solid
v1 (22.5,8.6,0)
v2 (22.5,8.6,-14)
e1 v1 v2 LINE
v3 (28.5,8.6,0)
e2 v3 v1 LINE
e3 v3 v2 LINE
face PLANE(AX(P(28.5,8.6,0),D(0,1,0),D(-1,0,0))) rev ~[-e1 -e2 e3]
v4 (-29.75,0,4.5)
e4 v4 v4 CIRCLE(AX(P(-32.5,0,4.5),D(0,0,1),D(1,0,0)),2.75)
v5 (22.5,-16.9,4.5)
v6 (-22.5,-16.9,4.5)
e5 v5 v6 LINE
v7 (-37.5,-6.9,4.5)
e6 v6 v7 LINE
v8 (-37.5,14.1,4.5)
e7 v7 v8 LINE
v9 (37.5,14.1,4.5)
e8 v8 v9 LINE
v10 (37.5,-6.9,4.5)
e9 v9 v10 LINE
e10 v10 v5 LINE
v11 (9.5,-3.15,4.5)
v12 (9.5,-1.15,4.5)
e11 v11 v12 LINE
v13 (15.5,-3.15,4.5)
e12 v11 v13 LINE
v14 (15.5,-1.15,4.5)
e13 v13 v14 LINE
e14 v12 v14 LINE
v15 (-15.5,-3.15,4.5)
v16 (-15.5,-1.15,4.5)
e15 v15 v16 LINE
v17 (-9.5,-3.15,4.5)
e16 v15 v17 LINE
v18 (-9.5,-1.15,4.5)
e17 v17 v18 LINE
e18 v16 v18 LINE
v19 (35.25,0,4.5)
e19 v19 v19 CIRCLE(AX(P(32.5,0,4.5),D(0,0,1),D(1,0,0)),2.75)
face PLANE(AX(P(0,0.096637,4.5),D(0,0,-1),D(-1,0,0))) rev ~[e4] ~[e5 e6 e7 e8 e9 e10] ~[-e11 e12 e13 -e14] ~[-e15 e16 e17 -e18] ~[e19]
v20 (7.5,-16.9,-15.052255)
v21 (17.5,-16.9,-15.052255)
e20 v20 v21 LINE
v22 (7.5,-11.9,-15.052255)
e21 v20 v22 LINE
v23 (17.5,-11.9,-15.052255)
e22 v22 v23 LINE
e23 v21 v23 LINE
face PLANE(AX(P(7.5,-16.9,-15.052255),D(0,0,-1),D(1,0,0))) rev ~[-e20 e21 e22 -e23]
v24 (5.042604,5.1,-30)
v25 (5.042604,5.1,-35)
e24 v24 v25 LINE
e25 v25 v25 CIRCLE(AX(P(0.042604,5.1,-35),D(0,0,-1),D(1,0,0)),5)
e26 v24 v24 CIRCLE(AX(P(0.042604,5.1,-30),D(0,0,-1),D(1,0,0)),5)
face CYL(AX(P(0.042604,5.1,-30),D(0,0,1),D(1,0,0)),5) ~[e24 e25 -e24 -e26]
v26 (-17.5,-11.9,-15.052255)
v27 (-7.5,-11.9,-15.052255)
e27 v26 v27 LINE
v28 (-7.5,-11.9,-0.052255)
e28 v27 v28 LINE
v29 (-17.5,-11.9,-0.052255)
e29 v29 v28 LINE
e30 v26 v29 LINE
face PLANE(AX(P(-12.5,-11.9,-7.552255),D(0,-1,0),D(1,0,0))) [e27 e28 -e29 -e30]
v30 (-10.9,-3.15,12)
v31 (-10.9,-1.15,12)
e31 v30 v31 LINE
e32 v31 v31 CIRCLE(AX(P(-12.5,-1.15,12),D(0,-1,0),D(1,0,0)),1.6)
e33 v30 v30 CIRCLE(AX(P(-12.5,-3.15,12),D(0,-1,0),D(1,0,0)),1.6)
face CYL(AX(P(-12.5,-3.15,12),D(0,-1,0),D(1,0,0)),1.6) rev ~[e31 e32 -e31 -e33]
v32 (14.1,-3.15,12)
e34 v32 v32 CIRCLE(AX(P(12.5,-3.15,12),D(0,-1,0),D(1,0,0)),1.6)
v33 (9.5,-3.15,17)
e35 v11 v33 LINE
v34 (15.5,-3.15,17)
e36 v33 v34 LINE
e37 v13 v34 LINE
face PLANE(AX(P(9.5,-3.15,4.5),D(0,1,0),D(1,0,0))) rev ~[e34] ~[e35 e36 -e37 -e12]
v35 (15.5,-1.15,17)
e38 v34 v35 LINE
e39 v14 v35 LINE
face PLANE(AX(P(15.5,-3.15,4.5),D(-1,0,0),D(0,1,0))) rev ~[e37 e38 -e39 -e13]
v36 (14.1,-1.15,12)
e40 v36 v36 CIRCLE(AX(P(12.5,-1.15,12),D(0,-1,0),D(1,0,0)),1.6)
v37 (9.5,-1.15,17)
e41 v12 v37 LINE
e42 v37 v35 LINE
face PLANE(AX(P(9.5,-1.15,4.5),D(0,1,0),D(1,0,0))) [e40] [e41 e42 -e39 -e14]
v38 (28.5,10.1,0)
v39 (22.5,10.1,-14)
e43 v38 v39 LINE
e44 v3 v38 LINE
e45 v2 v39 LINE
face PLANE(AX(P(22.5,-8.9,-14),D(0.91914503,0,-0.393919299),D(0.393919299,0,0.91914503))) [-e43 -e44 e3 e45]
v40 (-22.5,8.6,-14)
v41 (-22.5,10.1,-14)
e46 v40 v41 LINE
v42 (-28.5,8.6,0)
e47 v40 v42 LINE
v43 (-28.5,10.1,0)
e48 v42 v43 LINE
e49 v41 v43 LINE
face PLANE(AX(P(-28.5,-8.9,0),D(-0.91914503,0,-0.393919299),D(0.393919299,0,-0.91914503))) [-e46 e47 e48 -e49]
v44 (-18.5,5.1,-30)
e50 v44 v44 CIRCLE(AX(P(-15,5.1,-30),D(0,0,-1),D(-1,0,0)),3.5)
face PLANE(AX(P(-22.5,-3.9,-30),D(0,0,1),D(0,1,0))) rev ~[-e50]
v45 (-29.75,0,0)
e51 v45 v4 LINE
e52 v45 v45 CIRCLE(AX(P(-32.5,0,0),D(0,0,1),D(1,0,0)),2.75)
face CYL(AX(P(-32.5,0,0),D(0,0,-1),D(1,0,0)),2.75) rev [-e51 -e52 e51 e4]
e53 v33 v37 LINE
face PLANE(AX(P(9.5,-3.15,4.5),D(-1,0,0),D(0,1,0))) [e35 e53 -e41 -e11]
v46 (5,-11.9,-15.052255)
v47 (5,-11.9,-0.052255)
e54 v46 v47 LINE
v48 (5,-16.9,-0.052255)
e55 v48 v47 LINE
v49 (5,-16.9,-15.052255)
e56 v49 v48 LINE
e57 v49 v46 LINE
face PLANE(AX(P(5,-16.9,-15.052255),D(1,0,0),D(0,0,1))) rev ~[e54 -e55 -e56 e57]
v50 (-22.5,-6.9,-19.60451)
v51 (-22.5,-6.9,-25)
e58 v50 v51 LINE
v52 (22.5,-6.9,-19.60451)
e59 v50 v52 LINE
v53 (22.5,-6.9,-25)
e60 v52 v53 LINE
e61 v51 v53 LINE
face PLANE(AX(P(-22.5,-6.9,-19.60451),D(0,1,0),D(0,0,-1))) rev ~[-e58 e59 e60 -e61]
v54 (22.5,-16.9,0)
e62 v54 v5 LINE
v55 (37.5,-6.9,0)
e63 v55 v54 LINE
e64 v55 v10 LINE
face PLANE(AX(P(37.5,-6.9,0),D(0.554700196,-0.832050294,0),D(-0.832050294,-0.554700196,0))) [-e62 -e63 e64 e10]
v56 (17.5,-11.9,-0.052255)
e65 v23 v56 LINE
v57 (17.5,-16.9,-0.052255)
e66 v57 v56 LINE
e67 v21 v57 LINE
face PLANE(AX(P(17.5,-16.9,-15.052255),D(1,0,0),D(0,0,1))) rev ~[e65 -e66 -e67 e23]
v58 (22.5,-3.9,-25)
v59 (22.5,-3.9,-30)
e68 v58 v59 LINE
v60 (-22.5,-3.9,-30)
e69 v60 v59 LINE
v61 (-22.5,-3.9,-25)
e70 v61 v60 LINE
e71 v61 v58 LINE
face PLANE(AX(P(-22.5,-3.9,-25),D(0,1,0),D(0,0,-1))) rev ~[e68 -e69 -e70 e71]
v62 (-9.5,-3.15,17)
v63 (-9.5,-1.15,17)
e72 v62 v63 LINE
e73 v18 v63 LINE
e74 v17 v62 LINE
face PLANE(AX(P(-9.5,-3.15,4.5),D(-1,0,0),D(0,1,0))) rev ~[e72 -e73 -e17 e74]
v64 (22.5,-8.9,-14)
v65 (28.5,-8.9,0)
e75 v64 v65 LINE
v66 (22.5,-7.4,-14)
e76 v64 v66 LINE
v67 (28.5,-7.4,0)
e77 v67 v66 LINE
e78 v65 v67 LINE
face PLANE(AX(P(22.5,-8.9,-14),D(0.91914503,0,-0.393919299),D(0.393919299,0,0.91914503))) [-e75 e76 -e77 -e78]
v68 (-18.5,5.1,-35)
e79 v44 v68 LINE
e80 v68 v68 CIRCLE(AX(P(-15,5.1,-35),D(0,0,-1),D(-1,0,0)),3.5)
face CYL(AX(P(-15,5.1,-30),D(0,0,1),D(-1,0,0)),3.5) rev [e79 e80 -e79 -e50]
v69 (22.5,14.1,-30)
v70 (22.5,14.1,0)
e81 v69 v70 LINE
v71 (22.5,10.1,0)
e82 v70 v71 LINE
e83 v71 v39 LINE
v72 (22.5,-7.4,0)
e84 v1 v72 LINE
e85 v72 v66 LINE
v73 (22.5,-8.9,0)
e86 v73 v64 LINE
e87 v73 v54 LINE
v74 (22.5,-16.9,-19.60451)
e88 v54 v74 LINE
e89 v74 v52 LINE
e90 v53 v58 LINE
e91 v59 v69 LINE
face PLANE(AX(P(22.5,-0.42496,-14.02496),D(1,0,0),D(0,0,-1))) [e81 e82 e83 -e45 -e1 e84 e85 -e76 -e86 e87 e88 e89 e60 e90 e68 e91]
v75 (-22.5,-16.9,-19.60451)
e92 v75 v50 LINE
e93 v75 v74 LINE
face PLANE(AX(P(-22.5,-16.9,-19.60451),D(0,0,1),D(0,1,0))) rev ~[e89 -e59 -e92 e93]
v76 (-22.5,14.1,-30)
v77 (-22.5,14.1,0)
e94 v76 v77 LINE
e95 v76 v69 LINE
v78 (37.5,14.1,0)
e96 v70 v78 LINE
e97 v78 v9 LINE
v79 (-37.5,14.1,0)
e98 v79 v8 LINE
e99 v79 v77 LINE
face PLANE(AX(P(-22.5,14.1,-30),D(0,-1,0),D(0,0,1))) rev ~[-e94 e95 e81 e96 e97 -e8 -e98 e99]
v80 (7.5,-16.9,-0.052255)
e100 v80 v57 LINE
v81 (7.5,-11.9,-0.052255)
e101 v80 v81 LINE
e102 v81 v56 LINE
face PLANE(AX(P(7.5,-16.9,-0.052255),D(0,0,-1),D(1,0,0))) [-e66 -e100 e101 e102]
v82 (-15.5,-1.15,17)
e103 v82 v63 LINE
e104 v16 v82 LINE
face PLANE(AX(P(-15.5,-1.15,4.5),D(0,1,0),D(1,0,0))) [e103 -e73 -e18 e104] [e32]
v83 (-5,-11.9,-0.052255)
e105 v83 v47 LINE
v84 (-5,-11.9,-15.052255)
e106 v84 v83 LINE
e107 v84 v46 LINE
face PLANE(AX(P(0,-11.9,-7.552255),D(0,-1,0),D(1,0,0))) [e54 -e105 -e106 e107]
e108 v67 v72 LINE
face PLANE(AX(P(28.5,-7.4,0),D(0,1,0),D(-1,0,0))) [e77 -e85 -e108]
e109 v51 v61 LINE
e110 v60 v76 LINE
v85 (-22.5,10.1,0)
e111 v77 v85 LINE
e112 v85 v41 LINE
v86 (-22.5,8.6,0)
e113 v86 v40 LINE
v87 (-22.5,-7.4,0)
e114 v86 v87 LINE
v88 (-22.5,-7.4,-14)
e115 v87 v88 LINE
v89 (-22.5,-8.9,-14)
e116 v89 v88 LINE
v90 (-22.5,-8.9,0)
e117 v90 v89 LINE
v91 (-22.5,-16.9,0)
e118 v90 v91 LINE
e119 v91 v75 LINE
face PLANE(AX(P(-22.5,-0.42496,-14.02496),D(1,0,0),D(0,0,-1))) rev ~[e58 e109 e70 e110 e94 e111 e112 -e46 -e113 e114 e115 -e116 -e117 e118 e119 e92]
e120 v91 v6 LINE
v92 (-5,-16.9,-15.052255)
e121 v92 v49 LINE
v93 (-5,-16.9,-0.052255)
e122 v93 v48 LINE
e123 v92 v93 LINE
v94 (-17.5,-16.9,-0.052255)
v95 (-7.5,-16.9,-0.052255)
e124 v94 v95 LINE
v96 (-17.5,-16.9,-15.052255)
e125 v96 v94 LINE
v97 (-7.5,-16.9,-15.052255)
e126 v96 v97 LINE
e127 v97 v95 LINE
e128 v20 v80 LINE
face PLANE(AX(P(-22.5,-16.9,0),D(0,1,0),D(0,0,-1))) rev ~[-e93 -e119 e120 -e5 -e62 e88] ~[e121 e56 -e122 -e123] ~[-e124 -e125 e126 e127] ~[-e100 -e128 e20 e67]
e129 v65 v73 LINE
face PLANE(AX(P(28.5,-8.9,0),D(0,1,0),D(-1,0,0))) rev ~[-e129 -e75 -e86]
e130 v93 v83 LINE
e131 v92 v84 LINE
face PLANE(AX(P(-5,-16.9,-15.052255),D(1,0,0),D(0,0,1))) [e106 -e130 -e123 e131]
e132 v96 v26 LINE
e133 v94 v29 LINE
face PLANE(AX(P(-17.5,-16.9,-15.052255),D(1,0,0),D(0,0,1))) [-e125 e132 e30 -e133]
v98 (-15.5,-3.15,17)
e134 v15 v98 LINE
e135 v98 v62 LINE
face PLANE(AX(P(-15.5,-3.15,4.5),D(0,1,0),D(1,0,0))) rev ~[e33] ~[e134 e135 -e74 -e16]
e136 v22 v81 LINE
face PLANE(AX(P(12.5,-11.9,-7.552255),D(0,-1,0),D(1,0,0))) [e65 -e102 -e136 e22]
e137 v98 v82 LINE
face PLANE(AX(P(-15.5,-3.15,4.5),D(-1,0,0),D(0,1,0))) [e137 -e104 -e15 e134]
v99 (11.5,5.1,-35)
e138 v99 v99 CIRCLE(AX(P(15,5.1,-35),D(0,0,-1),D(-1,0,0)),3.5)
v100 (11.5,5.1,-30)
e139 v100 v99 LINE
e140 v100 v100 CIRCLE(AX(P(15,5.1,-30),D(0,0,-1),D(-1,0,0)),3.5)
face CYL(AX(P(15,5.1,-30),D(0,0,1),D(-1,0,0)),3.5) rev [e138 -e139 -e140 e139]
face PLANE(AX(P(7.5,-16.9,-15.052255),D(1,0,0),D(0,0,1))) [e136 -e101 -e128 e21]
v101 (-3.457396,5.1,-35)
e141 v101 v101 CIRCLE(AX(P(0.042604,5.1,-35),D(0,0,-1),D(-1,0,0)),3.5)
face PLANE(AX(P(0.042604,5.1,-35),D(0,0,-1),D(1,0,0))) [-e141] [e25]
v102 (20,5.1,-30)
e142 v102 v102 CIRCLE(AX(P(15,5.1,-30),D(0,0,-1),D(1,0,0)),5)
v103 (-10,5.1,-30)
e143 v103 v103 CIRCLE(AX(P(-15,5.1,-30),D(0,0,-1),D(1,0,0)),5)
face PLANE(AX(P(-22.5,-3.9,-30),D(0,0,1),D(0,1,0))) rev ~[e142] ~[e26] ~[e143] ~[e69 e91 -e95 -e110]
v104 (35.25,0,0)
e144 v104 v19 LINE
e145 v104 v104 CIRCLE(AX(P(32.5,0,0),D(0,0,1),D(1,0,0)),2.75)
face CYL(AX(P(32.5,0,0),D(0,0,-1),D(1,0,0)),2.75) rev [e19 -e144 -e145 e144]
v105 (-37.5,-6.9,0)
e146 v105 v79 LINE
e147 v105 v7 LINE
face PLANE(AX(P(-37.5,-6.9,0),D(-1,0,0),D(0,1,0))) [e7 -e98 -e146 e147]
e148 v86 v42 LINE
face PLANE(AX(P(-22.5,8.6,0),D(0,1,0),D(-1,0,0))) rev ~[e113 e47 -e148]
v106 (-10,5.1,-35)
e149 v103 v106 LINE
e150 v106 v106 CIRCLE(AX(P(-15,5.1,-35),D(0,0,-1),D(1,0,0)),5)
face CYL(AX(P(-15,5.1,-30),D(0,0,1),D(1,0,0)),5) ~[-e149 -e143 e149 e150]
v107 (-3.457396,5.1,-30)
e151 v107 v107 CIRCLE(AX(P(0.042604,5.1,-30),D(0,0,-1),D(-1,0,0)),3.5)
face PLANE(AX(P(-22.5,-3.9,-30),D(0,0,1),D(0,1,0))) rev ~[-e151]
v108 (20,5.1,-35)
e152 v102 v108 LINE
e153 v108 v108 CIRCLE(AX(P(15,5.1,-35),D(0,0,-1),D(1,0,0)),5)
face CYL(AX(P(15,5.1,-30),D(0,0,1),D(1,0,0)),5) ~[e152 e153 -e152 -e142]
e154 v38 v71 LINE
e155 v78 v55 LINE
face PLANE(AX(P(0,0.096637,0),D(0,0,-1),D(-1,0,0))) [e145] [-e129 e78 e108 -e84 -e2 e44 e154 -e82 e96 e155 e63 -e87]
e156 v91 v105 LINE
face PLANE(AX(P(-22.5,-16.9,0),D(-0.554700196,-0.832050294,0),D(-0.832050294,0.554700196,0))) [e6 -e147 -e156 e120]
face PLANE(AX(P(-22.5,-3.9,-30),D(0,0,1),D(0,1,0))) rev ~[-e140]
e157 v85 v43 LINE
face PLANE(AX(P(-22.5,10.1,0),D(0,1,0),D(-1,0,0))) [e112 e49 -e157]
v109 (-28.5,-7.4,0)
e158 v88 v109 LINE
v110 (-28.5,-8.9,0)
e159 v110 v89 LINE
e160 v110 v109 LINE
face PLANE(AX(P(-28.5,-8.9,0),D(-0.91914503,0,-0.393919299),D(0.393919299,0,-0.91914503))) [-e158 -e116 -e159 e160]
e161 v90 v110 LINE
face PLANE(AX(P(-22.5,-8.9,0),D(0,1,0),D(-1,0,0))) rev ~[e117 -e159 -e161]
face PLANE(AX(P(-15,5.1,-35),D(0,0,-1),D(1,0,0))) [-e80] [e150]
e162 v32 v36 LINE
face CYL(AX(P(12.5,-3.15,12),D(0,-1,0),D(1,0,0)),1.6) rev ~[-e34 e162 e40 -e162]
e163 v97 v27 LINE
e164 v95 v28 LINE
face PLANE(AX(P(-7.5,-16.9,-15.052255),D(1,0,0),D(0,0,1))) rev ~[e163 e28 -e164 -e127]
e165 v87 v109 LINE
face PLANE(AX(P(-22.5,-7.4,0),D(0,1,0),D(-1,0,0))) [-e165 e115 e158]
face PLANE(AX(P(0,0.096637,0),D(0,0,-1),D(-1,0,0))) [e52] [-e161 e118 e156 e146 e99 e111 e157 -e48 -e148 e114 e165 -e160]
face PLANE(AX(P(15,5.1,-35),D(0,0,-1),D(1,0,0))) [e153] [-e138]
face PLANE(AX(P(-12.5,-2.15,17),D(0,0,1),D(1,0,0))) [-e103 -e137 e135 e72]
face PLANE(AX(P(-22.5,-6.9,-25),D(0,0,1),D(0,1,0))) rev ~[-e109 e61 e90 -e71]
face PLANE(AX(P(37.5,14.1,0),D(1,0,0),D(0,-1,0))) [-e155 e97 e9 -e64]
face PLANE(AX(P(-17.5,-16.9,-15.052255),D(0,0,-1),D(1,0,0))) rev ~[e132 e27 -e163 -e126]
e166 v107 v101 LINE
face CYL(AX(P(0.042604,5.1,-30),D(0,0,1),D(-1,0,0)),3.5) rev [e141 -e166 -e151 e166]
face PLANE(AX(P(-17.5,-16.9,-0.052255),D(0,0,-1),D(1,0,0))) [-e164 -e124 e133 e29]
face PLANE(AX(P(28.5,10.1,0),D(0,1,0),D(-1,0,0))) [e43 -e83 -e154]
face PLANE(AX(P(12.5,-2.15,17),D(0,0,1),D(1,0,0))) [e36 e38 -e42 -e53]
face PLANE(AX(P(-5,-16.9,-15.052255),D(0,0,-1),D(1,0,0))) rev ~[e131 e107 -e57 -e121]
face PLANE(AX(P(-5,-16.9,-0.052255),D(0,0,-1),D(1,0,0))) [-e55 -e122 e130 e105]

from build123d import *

# Parameters (mm, degrees)
SKETCH_1_R           = 2.75
EXTRUDE_1_DEPTH      = 4.5
EXTRUDE_2_DEPTH      = 22.5
EXTRUDE_2_DEPTH_BACK = 22.5
SKETCH_3_R           = 5
SKETCH_3_R_2         = 3.5
EXTRUDE_3_DEPTH      = 5
SKETCH_4_W           = 10
SKETCH_4_H           = 15
CUT_EXTRUDE_1_DEPTH  = 5
SKETCH_5_W           = 6
SKETCH_5_H           = 2
EXTRUDE_4_DEPTH      = 12.5
SKETCH_6_W           = 6
SKETCH_6_H           = 1.5
EXTRUDE_5_DEPTH      = 14
CUT_EXTRUDE_2_DEPTH  = 20
SKETCH_8_R           = 1.6
CUT_EXTRUDE_3_DEPTH  = 10


with BuildPart() as part:
    # Эскиз1 → Вытянуть1 (new body)
    with BuildSketch(Plane.XY):
        Polygon((-22.5, -16.9), (-37.5, -6.9), (-37.5, 14.1), (37.5, 14.1), (37.5, -6.9), (22.5, -16.9), align=None)
        with Locations((-32.5, 0)):
            Circle(SKETCH_1_R, mode=Mode.SUBTRACT)
        with Locations((32.5, 0)):
            Circle(SKETCH_1_R, mode=Mode.SUBTRACT)
    extrude(amount=EXTRUDE_1_DEPTH)

    # Эскиз2 → Вытянуть2 (add, two sides: drawn at the far end of the back side and taken through both)
    with BuildSketch(Plane(origin=(0, 0, 0), x_dir=(0, 0, -1), z_dir=(1, 0, 0)).offset(-EXTRUDE_2_DEPTH_BACK)):
        Polygon((0, -16.9), (19.60451018, -16.9), (19.60451018, -6.9), (25, -6.9), (25, -3.9), (30, -3.9), (30, 14.1), (0, 14.1), align=None)
    extrude(amount=EXTRUDE_2_DEPTH + EXTRUDE_2_DEPTH_BACK)

    # Эскиз3 → Вытянуть3 (add)
    # profile 1 of 3: a face of its own
    with BuildSketch(Plane(origin=(0, 0, -30), x_dir=(-1, 0, 0), z_dir=(0, 0, -1))):
        with Locations(Location((-15, 5.1, 0), (0, 0, 180))):
            Circle(SKETCH_3_R)
        with Locations((-15, 5.1)):
            Circle(SKETCH_3_R_2, mode=Mode.SUBTRACT)
    # profile 2 of 3: a face of its own
    with BuildSketch(Plane(origin=(0, 0, -30), x_dir=(-1, 0, 0), z_dir=(0, 0, -1))):
        with Locations(Location((15, 5.1, 0), (0, 0, 180))):
            Circle(SKETCH_3_R)
        with Locations((15, 5.1)):
            Circle(SKETCH_3_R_2, mode=Mode.SUBTRACT)
    # profile 3 of 3: a face of its own
    with BuildSketch(Plane(origin=(0, 0, -30), x_dir=(-1, 0, 0), z_dir=(0, 0, -1))):
        with Locations(Location((-0.042603982, 5.1, 0), (0, 0, 180))):
            Circle(SKETCH_3_R)
        with Locations((-0.042603982, 5.1)):
            Circle(SKETCH_3_R_2, mode=Mode.SUBTRACT)
    extrude(amount=EXTRUDE_3_DEPTH)

    # Эскиз4 → Вырез-Вытянуть1 (cut)
    with BuildSketch(Plane.XZ.offset(16.9)):
        with Locations((0, -7.55225509)):
            Rectangle(SKETCH_4_W, SKETCH_4_H)
        with Locations((12.5, -7.55225509)):
            Rectangle(SKETCH_4_W, SKETCH_4_H)
        with Locations((-12.5, -7.55225509)):
            Rectangle(SKETCH_4_W, SKETCH_4_H)
    extrude(amount=-CUT_EXTRUDE_1_DEPTH, mode=Mode.SUBTRACT)

    # Эскиз5 → Вытянуть4 (add)
    with BuildSketch(Plane.XY.offset(4.5)):
        with Locations((-12.5, -2.15)):
            Rectangle(SKETCH_5_W, SKETCH_5_H)
        with Locations((12.5, -2.15)):
            Rectangle(SKETCH_5_W, SKETCH_5_H)
    extrude(amount=EXTRUDE_4_DEPTH)

    # Эскиз6 → Вытянуть5 (add)
    with BuildSketch(Plane(origin=(0, 0, 0), x_dir=(-1, 0, 0), z_dir=(0, 0, -1))):
        with Locations((-25.5, -8.15)):
            Rectangle(SKETCH_6_W, SKETCH_6_H)
        with Locations((-25.5, 9.35)):
            Rectangle(SKETCH_6_W, SKETCH_6_H)
        with Locations((25.5, 9.35)):
            Rectangle(SKETCH_6_W, SKETCH_6_H)
        with Locations((25.5, -8.15)):
            Rectangle(SKETCH_6_W, SKETCH_6_H)
    extrude(amount=EXTRUDE_5_DEPTH)

    # Эскиз7 → Вырез-Вытянуть2 (cut)
    with BuildSketch(Plane.XZ.offset(8.9)):
        Polygon((-22.5, -14), (-28.5, -14), (-28.5, 0), align=None)
        Polygon((22.5, -14), (28.5, 0), (28.5, -14), align=None)
    extrude(amount=-CUT_EXTRUDE_2_DEPTH, mode=Mode.SUBTRACT)

    # Эскиз8 → Вырез-Вытянуть3 (cut)
    with BuildSketch(Plane.XZ.offset(3.15)):
        with Locations((-12.5, 12)):
            Circle(SKETCH_8_R)
        with Locations((12.5, 12)):
            Circle(SKETCH_8_R)
    extrude(amount=-CUT_EXTRUDE_3_DEPTH, mode=Mode.SUBTRACT)


solid = part.part
